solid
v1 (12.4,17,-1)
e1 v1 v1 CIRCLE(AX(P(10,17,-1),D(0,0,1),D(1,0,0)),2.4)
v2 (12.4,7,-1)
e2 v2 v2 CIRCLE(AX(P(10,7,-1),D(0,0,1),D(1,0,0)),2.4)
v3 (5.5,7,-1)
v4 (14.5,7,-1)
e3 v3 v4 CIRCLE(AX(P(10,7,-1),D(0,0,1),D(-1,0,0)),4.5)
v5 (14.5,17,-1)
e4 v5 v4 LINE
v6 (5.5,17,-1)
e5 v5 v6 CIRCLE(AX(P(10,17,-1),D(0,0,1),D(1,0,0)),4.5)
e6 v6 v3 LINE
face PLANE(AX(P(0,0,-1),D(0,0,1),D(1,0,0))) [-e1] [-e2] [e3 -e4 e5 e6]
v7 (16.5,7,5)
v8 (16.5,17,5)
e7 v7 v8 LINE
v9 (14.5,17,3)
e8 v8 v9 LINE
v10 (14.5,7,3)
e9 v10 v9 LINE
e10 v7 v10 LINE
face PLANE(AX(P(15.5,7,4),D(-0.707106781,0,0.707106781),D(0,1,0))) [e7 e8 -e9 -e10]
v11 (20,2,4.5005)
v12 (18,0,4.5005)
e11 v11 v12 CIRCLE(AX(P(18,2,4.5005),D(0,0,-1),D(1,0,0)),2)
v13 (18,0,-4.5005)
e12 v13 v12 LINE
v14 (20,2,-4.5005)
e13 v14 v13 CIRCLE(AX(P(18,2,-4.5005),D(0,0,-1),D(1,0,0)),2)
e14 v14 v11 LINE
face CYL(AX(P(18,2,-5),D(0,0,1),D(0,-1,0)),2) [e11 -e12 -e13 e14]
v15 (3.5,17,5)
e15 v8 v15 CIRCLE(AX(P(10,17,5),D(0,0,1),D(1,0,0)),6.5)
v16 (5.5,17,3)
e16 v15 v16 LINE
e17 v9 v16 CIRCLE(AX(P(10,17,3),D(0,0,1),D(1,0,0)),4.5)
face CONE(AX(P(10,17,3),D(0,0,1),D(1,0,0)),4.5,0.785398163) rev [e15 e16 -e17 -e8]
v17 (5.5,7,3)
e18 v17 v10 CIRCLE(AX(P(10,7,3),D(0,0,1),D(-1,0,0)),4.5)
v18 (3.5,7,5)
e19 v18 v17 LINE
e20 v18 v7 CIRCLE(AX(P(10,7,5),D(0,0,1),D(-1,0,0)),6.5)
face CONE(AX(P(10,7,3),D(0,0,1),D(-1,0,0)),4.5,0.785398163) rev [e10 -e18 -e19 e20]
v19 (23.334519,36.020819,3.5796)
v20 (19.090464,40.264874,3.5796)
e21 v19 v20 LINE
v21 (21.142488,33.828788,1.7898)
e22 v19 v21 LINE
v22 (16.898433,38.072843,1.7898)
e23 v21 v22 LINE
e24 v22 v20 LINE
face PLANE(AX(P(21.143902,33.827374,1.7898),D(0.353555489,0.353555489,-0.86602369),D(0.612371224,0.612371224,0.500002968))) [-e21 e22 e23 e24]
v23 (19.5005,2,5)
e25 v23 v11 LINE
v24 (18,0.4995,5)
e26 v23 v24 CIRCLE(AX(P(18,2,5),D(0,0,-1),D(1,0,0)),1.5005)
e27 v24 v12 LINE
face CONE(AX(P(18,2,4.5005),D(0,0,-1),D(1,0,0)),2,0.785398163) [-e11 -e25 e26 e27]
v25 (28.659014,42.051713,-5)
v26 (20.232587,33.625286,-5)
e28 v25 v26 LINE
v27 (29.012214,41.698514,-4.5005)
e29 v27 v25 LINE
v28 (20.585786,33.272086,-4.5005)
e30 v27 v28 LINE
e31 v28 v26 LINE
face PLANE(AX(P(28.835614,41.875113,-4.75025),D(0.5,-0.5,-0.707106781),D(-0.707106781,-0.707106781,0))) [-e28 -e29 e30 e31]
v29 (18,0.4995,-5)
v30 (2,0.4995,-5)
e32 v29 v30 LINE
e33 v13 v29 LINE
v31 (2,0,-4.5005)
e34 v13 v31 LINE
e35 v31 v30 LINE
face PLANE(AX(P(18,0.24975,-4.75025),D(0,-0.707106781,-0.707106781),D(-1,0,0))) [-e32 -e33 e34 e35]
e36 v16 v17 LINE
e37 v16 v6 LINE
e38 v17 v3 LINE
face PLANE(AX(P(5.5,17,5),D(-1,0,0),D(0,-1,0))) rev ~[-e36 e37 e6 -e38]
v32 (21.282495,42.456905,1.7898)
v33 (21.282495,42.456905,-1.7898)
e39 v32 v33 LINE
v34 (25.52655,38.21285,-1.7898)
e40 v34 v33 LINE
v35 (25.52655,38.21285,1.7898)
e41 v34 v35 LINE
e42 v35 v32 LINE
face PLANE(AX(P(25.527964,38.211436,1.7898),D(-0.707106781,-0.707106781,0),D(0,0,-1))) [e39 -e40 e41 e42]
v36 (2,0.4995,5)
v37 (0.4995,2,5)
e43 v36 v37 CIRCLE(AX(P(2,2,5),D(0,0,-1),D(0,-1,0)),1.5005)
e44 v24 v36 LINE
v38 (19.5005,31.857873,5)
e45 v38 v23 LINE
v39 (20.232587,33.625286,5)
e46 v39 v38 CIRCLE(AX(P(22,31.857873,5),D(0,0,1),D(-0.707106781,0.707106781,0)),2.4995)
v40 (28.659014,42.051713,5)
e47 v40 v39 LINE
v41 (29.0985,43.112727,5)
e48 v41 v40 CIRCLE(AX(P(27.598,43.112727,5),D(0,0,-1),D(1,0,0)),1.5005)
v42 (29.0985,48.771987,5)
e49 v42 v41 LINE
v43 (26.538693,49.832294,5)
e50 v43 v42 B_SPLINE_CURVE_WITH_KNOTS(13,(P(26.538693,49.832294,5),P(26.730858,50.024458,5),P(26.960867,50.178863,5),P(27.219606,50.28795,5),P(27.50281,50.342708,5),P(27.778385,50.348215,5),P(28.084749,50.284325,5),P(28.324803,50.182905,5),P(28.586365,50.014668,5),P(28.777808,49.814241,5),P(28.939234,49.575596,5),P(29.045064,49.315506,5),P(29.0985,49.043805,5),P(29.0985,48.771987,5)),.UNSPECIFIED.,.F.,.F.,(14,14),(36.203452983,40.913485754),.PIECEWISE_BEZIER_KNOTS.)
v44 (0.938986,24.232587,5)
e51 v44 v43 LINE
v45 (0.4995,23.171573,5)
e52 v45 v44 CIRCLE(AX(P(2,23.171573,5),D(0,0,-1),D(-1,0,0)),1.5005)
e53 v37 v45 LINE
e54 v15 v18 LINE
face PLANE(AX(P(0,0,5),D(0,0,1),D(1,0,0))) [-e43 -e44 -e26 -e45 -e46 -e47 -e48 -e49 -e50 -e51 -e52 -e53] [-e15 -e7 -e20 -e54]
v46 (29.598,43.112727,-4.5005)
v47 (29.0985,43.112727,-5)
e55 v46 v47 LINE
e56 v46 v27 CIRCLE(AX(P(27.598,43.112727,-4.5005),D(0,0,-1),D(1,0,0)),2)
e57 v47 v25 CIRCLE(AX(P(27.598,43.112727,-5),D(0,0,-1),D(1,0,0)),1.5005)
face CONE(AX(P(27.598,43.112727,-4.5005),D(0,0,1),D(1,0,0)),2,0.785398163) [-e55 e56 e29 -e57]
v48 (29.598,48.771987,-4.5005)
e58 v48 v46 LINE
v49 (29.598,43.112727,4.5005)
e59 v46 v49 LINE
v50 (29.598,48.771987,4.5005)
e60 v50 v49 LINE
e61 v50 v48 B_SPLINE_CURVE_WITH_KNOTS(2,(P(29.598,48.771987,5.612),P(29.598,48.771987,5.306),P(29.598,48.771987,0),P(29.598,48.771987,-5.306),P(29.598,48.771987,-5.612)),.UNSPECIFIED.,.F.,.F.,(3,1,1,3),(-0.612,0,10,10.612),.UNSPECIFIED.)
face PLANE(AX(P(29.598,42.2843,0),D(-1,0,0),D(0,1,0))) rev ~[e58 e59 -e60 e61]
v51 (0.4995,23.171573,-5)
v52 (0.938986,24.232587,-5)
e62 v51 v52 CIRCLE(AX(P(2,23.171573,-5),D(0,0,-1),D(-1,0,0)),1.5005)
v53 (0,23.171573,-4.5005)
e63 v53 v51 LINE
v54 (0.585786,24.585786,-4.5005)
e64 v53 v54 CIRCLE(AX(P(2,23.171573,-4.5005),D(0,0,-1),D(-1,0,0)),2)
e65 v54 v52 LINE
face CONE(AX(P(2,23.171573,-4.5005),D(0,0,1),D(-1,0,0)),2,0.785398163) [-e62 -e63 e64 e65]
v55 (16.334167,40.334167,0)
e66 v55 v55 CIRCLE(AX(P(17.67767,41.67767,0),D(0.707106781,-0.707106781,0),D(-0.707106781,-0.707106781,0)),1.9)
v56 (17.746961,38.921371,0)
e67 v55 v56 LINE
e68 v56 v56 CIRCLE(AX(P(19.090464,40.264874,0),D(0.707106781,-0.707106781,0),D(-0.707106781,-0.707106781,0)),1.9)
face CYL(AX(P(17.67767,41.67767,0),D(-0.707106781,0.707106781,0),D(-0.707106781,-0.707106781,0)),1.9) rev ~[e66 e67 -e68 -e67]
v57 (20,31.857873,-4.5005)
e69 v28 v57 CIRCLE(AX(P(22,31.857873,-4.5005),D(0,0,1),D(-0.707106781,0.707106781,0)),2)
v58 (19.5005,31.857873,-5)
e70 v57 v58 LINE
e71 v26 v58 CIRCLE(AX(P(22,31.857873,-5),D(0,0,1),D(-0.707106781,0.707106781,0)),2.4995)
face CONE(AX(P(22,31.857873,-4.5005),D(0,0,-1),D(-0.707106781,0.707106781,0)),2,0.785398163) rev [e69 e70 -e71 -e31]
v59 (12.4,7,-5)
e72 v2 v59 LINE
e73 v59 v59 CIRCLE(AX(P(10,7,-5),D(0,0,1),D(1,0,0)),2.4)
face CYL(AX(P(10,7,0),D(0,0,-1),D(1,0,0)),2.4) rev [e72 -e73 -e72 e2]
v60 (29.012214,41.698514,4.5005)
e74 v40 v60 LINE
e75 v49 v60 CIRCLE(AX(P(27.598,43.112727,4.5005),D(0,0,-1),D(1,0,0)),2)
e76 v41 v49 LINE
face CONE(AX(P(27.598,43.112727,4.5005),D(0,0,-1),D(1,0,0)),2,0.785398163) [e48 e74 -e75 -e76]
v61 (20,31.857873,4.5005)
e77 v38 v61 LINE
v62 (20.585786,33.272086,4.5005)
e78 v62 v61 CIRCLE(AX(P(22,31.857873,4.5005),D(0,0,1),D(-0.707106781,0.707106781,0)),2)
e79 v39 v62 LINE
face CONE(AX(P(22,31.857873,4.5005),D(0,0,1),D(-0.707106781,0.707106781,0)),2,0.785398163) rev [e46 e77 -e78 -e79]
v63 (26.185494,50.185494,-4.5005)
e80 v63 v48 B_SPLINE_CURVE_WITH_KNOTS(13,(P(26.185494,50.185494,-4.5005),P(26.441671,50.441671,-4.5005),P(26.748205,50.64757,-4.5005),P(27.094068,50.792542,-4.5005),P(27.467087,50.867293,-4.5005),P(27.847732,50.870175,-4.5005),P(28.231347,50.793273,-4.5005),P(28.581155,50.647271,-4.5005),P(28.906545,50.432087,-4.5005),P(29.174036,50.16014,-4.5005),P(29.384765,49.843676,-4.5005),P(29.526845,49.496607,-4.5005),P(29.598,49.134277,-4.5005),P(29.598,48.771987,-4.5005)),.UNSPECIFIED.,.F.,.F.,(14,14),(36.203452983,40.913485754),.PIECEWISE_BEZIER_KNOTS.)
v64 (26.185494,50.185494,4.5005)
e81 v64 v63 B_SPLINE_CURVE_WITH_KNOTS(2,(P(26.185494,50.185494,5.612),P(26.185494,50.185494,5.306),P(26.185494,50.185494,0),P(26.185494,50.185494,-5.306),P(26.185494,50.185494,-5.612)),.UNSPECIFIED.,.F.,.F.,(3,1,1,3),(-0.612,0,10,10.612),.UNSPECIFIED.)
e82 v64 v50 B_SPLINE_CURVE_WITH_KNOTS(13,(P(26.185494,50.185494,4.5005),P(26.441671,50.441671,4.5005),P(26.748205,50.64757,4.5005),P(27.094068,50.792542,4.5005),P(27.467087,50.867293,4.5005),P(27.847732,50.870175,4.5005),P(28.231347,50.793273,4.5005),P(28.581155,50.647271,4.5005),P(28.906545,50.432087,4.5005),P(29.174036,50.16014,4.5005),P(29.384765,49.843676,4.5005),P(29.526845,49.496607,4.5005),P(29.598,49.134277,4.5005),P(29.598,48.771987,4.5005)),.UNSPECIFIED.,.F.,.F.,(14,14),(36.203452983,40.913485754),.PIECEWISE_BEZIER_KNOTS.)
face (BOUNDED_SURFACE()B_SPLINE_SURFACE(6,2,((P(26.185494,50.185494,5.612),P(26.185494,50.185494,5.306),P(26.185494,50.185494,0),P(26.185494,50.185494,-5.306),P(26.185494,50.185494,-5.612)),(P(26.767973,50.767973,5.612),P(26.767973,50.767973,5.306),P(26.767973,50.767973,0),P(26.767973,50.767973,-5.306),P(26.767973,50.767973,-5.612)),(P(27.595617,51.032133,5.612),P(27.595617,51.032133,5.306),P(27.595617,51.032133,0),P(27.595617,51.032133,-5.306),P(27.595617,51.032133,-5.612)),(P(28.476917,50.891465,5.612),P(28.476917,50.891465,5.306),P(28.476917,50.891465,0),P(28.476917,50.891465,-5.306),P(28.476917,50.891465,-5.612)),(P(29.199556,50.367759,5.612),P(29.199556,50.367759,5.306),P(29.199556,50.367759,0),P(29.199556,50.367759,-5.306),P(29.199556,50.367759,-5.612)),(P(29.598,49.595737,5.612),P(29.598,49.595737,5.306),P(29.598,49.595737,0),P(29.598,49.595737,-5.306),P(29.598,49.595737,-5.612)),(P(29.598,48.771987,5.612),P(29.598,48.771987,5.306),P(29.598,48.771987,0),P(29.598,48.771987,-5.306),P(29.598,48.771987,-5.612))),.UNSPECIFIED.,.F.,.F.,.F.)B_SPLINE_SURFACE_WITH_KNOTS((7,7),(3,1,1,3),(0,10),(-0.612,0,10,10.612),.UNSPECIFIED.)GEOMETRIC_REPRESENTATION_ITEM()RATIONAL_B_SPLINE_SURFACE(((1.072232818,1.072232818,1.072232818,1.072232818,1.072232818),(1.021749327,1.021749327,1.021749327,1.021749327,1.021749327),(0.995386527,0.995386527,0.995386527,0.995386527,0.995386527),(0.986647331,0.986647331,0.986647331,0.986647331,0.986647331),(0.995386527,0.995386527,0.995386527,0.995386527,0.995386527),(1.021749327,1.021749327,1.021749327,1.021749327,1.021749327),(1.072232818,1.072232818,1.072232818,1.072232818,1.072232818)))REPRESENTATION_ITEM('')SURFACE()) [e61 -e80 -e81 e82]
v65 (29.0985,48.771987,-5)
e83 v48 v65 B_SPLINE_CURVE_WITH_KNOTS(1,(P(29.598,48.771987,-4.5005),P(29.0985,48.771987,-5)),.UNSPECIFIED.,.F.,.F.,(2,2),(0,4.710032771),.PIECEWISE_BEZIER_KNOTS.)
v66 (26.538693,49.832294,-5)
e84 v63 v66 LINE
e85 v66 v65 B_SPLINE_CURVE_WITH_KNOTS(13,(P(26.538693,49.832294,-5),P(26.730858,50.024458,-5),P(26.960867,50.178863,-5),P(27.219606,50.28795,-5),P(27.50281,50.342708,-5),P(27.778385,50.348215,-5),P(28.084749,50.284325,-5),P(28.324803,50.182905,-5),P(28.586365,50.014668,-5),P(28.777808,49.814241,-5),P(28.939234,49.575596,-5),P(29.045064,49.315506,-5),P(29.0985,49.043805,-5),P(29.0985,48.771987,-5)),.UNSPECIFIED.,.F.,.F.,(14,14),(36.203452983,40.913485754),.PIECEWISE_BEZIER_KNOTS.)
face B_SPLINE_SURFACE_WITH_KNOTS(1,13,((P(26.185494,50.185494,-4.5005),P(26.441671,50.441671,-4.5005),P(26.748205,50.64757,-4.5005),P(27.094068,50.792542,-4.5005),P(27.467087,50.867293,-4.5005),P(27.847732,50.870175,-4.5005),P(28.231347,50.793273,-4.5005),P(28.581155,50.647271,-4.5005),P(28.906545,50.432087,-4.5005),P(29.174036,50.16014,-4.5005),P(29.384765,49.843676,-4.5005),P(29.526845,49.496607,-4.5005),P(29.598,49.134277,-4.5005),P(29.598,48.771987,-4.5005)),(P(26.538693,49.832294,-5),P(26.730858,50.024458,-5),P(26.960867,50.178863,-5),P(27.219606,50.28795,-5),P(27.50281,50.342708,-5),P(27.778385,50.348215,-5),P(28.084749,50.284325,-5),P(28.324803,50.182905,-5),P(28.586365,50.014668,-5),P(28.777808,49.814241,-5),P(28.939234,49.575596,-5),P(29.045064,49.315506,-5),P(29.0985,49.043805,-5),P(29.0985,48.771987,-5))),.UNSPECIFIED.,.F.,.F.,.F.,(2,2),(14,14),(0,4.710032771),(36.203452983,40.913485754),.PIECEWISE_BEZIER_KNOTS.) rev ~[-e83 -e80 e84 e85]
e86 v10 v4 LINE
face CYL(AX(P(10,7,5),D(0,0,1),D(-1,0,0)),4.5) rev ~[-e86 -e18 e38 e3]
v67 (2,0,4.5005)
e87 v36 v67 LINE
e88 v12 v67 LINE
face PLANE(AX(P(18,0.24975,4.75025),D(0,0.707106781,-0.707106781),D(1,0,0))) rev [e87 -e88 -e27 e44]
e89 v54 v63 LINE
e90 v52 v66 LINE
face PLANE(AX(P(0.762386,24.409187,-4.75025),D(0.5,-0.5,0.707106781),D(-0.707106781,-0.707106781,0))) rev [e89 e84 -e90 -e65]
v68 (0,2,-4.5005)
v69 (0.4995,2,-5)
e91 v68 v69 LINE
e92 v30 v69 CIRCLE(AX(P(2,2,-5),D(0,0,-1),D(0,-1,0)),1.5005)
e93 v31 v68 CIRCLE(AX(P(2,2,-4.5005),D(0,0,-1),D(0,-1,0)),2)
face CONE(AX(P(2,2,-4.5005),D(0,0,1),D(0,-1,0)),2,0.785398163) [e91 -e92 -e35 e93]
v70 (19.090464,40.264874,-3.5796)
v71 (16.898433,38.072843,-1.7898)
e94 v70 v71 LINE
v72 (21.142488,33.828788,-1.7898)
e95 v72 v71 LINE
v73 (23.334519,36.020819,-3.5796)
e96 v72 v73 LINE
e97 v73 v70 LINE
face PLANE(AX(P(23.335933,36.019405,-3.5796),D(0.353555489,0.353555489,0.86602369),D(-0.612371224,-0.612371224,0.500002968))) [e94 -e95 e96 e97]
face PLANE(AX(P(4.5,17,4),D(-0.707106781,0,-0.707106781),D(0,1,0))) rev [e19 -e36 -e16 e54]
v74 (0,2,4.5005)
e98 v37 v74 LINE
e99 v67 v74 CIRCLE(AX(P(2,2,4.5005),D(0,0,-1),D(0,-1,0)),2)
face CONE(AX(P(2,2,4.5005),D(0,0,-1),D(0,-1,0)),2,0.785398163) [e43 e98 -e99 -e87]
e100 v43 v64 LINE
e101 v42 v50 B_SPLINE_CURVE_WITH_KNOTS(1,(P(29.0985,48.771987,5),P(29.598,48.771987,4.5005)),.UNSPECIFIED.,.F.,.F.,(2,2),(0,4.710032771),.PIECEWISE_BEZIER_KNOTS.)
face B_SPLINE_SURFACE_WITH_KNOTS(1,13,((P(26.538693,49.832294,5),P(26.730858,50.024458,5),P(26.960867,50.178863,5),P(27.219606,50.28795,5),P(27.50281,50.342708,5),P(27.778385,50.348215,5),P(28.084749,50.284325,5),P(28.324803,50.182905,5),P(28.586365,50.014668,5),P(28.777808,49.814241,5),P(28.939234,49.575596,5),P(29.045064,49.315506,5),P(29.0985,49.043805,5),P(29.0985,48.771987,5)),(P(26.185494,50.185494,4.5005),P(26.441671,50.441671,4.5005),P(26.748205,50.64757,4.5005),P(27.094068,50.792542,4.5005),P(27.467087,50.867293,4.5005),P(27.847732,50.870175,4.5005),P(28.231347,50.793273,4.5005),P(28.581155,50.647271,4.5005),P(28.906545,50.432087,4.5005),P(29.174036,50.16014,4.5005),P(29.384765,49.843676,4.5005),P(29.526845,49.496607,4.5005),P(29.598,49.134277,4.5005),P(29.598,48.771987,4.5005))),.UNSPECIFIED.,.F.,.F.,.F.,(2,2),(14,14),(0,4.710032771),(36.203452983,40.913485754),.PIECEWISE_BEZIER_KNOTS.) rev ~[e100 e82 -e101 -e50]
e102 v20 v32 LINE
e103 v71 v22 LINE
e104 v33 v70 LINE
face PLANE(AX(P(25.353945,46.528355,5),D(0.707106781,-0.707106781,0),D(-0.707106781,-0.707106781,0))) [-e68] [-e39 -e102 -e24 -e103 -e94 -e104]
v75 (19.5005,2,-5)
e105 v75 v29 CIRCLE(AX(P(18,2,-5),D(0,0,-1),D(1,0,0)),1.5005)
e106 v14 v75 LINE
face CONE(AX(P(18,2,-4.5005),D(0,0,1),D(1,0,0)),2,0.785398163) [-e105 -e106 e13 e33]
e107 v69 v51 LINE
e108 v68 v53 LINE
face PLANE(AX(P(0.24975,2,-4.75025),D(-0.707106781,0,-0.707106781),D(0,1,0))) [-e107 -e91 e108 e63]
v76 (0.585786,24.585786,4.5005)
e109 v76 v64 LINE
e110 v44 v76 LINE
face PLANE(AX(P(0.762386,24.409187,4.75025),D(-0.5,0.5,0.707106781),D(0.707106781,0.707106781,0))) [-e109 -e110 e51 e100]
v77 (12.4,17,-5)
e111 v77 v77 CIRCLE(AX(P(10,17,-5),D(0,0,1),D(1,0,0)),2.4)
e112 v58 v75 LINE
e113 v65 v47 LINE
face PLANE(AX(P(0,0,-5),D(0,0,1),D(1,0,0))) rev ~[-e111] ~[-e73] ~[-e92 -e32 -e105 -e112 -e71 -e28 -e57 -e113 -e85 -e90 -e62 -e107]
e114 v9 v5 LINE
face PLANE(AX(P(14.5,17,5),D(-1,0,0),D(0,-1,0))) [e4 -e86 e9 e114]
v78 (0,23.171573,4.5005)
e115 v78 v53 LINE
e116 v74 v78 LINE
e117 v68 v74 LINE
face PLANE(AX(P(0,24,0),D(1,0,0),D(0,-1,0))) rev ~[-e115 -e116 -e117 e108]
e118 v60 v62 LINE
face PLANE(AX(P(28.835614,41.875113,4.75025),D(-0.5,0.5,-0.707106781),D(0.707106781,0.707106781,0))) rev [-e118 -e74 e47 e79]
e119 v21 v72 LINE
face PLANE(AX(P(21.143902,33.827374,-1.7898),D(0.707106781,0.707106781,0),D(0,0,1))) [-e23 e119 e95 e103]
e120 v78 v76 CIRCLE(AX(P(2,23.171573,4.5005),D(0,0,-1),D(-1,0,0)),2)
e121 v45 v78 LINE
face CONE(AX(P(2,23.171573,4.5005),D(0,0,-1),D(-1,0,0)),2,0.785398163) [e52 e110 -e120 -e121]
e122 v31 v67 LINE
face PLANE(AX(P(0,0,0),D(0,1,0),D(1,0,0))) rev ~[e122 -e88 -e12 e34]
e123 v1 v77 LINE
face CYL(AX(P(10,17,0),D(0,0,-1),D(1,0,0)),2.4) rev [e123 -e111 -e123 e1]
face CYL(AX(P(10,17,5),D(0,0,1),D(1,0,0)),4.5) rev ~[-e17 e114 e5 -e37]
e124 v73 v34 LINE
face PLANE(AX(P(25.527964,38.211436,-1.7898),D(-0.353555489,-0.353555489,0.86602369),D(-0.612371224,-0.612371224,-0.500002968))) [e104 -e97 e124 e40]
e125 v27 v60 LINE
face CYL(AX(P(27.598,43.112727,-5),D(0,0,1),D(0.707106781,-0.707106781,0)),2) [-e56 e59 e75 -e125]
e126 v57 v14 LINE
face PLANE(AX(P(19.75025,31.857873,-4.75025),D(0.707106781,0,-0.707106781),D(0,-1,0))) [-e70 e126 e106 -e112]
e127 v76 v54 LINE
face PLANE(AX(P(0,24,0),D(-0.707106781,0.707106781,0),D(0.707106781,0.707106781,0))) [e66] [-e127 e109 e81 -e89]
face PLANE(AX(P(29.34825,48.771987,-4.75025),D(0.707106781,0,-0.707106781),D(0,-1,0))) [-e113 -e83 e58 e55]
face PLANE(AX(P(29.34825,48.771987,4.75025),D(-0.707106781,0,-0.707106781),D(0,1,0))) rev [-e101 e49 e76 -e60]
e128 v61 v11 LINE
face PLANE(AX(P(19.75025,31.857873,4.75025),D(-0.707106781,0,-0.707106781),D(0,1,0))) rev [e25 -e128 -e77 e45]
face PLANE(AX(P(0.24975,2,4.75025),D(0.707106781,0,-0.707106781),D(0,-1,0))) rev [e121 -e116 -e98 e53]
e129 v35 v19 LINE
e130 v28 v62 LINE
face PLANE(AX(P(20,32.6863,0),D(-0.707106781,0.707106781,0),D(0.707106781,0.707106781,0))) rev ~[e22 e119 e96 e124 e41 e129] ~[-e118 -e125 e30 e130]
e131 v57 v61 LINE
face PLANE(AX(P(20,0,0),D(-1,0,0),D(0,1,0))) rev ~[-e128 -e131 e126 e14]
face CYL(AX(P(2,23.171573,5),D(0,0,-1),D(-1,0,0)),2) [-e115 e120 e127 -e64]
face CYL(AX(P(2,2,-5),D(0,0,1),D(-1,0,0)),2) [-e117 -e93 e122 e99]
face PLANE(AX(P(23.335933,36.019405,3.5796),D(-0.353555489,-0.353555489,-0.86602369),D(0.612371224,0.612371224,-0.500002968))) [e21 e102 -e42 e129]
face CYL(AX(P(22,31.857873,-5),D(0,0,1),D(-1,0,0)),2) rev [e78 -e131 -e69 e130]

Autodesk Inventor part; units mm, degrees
ref_plane "YZ Plane" through (0, 0, 0) normal (1, 0, 0) x (0, 1, 0)
ref_plane "XZ Plane" through (0, 0, 0) normal (0, 1, 0) x (-1, 0, 0)
ref_plane "XY Plane" through (0, 0, 0) normal (0, 0, 1) x (1, 0, 0)
sketch "Sketch1" plane through (0, 0, 0) normal (0, 0, 1) x (1, 0, 0)
  line L0 (0, 0) -> (20, 0)
  line L1 (20, 0) -> (20, 24)
  line L2 (20, 24) -> (0, 24)
  line L3 (0, 24) -> (0, 0)
  line L4 (0, 24) -> (28.2843, 52.2843)
  line L5 (29.598, 42.2843) -> (29.598, 52.2843)
  line L6 (20, 24) -> (20, 32.6863)
  line L7 (20, 32.6863) -> (29.598, 42.2843)
  line L8 (10, 0) -> (10, 46.8926) construction
  circle A0 centre (10, 17) radius 2.4
  circle A1 centre (10, 7) radius 2.4
  line L9 (28.2843, 52.2843) -> (29.598, 52.2843)
  dimension "d0" = 24
  dimension "d1" = 20
  dimension "d3" = 8
  dimension "d4" = 45
  dimension "d6" = 4.8
  dimension "d7" = 4.8
  dimension "d8" = 7
  dimension "d9" = 7
  dimension "d10" = 10
  dimension "d12" = 40
extrude "Extrusion1" add sketch "Sketch1" along normal mid plane 10
sketch "Sketch2" plane through (0, 0, 5) normal (0, 0, 1) x (1, 0, 0)
  circle A0 centre (10, 17) radius 2.4 projected
  circle A1 centre (10, 7) radius 2.4 projected
  arc A2 (14.5, 17) -> (5.5, 17) centre (10, 17) ccw
  arc A3 (5.5, 7) -> (14.5, 7) centre (10, 7) ccw
  line L0 (5.5, 17) -> (5.5, 7)
  line L1 (14.5, 17) -> (14.5, 7)
  point P0 (0, 0)
  dimension "d15" = 9
  dimension "d16" = 9
extrude "Extrusion2" cut sketch "Sketch2" against normal blind 6
sketch "Sketch4" plane through (0, 24, -5) normal (-0.7071, 0.7071, 0) x (-0.7071, -0.7071, 0)
  line L0 (38.7328, 5) -> (-54.2059, 5) projected
  circle A0 centre (-25, 5) radius 1.9
  line L1 (0, 0) -> (0, 10) projected
  point P0 (16.9706, 5)
  dimension "d19" = 3.8
  dimension "d20" = 25
extrude "Extrusion3" cut sketch "Sketch4" against normal through all
sketch "Sketch5" plane through (29.598, 42.2843, 5) normal (0.7071, -0.7071, 0) x (-0.7071, -0.7071, 0)
  circle A0 centre (8.8579, 5) radius 1.9 projected
  line L0 (8.8579, 8.5796) -> (11.9579, 6.7898)
  line L1 (11.9579, 6.7898) -> (11.9579, 3.2102)
  line L2 (11.9579, 3.2102) -> (8.8579, 1.4204)
  line L3 (8.8579, 1.4204) -> (5.7579, 3.2102)
  line L4 (5.7579, 3.2102) -> (5.7579, 6.7898)
  line L5 (5.7579, 6.7898) -> (8.8579, 8.5796)
  point P0 (50.8284, 5)
  dimension "d23" = 6.2
extrude "Extrusion4" cut sketch "Sketch5" against normal blind 6
fillet "Fillet1" radius 2 7 edges at (0, 0, 0) (20, 0, 0) (0, 24, 0) (20, 32.6863, 0) (29.598, 42.2843, 0) (29.598, 52.2843, 0) (28.2843, 52.2843, 0)
chamfer "Chamfer1" distance 2 angle 45 4 edges at (5.5, 12, 5) (10, 21.5, 5) (14.5, 12, 5) (10, 2.5, 5)
chamfer "Chamfer2" distance 0.5 angle 45 22 edges at (13.3856, 37.3856, -5) (29.598, 45.9423, -5) (29.4457, 42.3473, -5) (24.799, 37.4853, -5) (20.1522, 32.6232, -5) (20, 16.9289, -5) (19.4142, 0.5858, -5) (10, 0, -5) (0.5858, 0.5858, -5) (0, 12.5858, -5) (0.1522, 23.9369, -5) (13.3856, 37.3856, 5) (0.1522, 23.9369, 5) (0, 12.5858, 5) (0.5858, 0.5858, 5) (10, 0, 5) (19.4142, 0.5858, 5) (20, 16.9289, 5) (20.1522, 32.6232, 5) (24.799, 37.4853, 5) (29.4457, 42.3473, 5) (29.598, 45.9423, 5)
equation "\"d7\" = d6"
equation "\"d9\" = d8"
equation "\"d16\" = d15"
properties part number "_3DPrint"
